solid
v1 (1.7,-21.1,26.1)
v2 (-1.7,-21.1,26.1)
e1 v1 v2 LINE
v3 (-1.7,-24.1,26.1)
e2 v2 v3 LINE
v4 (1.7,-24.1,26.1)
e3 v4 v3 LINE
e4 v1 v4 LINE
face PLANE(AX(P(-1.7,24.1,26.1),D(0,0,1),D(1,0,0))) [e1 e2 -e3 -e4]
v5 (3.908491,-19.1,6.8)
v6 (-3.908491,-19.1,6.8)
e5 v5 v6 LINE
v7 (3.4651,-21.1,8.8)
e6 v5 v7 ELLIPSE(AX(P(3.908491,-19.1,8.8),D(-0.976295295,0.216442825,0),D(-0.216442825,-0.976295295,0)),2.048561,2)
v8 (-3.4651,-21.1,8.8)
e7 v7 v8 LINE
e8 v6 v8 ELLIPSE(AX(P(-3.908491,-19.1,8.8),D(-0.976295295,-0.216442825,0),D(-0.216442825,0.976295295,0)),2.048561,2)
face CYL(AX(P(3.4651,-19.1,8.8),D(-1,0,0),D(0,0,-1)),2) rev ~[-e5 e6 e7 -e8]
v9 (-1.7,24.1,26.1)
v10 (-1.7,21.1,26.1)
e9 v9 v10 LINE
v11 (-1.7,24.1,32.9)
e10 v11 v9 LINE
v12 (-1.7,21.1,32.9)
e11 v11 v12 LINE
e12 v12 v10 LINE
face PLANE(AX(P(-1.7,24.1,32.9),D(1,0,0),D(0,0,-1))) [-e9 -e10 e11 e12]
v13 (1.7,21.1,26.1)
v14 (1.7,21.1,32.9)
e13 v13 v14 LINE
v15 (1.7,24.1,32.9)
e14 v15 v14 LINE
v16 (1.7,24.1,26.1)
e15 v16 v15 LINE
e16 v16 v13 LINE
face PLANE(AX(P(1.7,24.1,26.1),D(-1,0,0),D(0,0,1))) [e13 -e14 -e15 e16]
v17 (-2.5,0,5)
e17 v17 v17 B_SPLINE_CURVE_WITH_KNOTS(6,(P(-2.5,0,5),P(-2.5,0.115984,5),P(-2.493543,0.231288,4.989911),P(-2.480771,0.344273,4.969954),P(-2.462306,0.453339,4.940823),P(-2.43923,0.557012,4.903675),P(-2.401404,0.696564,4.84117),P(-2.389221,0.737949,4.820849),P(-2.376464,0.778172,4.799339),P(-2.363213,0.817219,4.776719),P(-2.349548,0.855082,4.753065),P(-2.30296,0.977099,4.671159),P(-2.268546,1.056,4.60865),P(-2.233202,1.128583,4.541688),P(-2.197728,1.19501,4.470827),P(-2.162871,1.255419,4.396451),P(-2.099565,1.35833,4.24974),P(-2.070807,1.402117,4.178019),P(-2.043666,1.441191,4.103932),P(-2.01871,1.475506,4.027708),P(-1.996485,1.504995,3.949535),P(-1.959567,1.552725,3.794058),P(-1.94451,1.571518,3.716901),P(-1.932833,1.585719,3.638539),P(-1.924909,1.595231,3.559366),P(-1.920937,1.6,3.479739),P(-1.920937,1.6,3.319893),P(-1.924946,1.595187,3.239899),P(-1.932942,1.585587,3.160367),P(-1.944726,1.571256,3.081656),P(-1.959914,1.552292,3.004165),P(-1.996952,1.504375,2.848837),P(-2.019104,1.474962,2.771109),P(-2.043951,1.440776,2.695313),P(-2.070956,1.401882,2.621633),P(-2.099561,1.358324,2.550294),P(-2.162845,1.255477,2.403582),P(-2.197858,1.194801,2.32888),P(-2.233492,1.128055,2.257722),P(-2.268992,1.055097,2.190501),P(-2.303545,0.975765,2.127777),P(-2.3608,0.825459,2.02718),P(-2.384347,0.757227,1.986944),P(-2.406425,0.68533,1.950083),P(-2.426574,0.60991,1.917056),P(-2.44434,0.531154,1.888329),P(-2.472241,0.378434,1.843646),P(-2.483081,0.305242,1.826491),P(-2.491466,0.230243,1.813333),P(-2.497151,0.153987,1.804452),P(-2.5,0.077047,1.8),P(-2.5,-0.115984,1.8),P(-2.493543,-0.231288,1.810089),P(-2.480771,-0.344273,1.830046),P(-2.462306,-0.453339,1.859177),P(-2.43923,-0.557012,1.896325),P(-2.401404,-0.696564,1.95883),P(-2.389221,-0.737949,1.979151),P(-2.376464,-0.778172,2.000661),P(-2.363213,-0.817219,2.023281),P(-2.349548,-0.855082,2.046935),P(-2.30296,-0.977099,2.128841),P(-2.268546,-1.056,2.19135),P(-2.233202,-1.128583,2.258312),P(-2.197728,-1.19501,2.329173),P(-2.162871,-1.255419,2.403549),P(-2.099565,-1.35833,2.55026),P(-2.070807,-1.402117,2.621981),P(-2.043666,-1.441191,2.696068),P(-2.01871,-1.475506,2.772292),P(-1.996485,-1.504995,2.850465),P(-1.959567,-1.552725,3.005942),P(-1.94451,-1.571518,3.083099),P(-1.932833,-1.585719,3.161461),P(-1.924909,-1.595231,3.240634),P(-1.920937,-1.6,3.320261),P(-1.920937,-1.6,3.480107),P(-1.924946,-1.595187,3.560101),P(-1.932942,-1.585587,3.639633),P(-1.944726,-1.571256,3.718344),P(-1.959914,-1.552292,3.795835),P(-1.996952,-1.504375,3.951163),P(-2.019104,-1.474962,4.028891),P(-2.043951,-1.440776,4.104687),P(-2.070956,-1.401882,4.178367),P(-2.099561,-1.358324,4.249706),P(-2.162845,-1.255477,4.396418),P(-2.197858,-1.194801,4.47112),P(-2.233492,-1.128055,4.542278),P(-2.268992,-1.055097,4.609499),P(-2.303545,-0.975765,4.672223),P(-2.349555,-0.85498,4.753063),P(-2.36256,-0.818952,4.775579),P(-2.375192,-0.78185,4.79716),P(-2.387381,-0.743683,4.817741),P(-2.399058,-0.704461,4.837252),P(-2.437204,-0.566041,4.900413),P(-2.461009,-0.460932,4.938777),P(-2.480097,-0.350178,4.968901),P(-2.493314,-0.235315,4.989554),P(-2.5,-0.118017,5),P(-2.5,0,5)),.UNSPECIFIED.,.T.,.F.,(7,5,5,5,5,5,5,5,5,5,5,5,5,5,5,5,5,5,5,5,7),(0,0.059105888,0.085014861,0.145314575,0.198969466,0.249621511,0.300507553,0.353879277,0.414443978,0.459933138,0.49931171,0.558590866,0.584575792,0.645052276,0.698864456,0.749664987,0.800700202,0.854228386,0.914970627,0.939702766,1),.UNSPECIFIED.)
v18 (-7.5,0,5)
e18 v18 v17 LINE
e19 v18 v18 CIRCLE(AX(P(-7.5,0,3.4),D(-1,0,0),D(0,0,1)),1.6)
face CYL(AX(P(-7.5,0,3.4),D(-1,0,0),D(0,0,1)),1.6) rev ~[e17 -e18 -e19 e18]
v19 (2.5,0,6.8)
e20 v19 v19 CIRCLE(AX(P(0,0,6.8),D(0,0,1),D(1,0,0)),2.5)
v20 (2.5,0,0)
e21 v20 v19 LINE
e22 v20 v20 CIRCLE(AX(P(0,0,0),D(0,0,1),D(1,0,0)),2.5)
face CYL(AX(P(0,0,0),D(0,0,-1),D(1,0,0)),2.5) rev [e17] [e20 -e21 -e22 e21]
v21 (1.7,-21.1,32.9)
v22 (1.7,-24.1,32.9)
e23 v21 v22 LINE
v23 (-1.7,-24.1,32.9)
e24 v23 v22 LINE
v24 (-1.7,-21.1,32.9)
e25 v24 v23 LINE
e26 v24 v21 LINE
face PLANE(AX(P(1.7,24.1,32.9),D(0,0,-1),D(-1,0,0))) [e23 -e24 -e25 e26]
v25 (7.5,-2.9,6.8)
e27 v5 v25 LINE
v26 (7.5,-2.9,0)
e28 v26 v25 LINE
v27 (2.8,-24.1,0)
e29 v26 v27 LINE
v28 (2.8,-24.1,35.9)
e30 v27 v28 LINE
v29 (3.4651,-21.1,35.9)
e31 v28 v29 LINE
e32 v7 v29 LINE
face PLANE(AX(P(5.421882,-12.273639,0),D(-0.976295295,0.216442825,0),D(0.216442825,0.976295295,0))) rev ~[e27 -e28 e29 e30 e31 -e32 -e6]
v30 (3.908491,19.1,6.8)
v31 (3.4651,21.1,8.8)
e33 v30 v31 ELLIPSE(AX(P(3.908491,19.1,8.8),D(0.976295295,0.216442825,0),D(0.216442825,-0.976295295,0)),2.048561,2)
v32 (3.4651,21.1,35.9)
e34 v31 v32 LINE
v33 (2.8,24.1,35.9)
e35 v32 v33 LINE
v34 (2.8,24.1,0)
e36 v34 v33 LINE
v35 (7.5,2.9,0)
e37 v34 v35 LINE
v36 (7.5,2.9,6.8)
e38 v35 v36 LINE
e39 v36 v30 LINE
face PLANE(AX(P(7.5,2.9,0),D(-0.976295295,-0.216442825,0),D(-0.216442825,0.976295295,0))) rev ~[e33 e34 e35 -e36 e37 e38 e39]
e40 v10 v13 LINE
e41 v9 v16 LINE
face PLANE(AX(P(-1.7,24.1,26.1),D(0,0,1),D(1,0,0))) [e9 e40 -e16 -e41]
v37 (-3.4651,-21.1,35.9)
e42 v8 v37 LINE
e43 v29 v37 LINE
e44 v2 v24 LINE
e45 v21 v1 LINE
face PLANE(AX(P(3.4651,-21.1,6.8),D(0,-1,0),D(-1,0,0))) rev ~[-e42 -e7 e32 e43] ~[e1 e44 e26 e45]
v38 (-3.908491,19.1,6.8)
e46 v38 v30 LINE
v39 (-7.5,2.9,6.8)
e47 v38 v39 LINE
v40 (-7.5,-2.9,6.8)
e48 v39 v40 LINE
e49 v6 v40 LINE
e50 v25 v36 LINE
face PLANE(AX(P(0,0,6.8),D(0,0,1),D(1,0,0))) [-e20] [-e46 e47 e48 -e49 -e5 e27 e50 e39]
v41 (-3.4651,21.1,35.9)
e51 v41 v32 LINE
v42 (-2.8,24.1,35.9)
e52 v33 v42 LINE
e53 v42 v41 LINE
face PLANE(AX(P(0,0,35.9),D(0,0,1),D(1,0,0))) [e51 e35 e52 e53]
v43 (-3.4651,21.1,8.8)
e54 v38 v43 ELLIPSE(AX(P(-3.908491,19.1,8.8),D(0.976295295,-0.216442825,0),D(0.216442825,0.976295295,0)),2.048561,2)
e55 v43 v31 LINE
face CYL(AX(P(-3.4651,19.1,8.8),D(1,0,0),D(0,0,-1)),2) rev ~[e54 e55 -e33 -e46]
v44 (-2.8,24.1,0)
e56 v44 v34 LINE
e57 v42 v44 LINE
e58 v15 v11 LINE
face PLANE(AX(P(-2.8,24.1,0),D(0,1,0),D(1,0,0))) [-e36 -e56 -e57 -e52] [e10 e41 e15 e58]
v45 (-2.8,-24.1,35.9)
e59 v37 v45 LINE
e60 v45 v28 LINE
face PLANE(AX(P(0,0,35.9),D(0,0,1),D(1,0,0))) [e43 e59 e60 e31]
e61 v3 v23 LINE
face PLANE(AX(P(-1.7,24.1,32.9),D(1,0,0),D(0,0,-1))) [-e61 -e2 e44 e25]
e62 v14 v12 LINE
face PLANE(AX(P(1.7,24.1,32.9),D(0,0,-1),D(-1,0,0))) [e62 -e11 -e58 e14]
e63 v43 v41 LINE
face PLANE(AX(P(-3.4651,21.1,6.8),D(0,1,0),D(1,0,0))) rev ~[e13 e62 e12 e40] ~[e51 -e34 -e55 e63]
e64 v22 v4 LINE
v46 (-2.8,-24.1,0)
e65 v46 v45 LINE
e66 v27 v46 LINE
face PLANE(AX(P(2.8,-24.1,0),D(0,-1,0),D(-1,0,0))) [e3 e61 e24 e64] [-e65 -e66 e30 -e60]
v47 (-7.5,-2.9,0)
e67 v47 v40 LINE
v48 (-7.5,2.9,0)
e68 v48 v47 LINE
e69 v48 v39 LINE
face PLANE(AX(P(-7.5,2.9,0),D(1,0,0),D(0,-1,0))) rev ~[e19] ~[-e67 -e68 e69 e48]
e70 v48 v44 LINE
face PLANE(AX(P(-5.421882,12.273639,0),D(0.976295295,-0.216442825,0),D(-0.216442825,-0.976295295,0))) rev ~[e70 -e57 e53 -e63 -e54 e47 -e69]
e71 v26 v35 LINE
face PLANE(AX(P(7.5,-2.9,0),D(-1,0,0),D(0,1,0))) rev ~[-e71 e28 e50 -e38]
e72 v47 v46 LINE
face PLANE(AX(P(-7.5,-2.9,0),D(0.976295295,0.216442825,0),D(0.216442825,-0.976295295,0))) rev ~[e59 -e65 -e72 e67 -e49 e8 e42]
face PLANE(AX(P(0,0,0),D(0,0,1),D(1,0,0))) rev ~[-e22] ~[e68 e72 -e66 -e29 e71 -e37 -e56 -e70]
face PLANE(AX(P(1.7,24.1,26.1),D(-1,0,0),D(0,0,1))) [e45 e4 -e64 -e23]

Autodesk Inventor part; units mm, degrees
ref_plane "YZ Plane" through (0, 0, 0) normal (1, 0, 0) x (0, 1, 0)
ref_plane "XZ Plane" through (0, 0, 0) normal (0, 1, 0) x (-1, 0, 0)
ref_plane "XY Plane" through (0, 0, 0) normal (0, 0, 1) x (1, 0, 0)
sketch "Sketch1" plane through (0, 0, 0) normal (0, 0, 1) x (1, 0, 0)
  arc A0 (-9.2513, -12.8456) -> (-7.7191, -13.7193) centre (-8.2517, -12.873) ccw projected
  line L0 (-7.7191, -13.7193) -> (-1.0653, -9.532) projected
  arc A1 (1.0653, -9.532) -> (-1.0653, -9.532) centre (0, -11.2247) ccw projected
  line L1 (1.0653, -9.532) -> (7.7191, -13.7193) projected
  arc A2 (7.7191, -13.7193) -> (9.2513, -12.8456) centre (8.2517, -12.873) ccw projected
  arc A3 (12.8456, -9.2513) -> (9.2513, -12.8456) centre (12.75, -12.75) ccw projected
  arc A4 (12.8456, -9.2513) -> (13.7193, -7.7191) centre (12.873, -8.2517) ccw projected
  line L2 (13.7193, -7.7191) -> (9.532, -1.0653) projected
  arc A5 (9.532, 1.0653) -> (9.532, -1.0653) centre (11.2247, 0) ccw projected
  line L3 (9.532, 1.0653) -> (13.7385, 7.7495) projected
  line L4 (7.7677, 13.7499) -> (1.0653, 9.532) projected
  arc A6 (-1.0653, 9.532) -> (1.0653, 9.532) centre (0, 11.2247) ccw projected
  line L5 (-1.0653, 9.532) -> (-7.7191, 13.7193) projected
  arc A7 (-7.7191, 13.7193) -> (-9.2513, 12.8456) centre (-8.2517, 12.873) ccw projected
  arc A8 (-12.8456, 9.2513) -> (-9.2513, 12.8456) centre (-12.75, 12.75) ccw projected
  arc A9 (-12.8456, 9.2513) -> (-13.7193, 7.7191) centre (-12.873, 8.2517) ccw projected
  line L6 (-13.7193, 7.7191) -> (-9.532, 1.0653) projected
  arc A10 (-9.532, -1.0653) -> (-9.532, 1.0653) centre (-11.2247, 0) ccw projected
  line L7 (-9.532, -1.0653) -> (-13.7193, -7.7191) projected
  arc A11 (-13.7193, -7.7191) -> (-12.8456, -9.2513) centre (-12.873, -8.2517) ccw projected
  arc A12 (-9.2513, -12.8456) -> (-12.8456, -9.2513) centre (-12.75, -12.75) ccw projected
  circle A13 centre (0, 0) radius 2.5 projected
  circle A14 centre (0, 0) radius 2 projected
  circle A15 centre (0, 0) radius 2.1
  line L8 (2.8, -24.1) -> (-2.8, -24.1)
  line L9 (-2.8, 24.1) -> (2.8, 24.1)
  line L10 (2.8, -24.1) -> (7.5, -2.9)
  line L11 (7.5, 2.9) -> (2.8, 24.1)
  line L12 (-2.8, 24.1) -> (-7.5, 2.9)
  line L13 (-7.5, -2.9) -> (-2.8, -24.1)
  line L14 (7.5, -2.9) -> (7.5, 2.9)
  line L15 (-7.5, 2.9) -> (-7.5, -2.9)
  line L16 (7.5, -2.9) -> (-7.5, -2.9) construction
  line L17 (-7.5, 2.9) -> (7.5, 2.9) construction
  line L18 (2.8, -24.1) -> (2.8, 24.1) construction
  line L19 (-2.8, 24.1) -> (-2.8, -24.1) construction
  line L20 (7.5, 0) -> (0, 0) construction
  line L21 (0, 0) -> (-7.5, 0) construction
  line L22 (-2.5, -2.9) -> (-2.5, 2.9) construction
  arc A16 (9.3, 12.8764) -> (7.7677, 13.7499) centre (8.3003, 12.9036) ccw projected
  arc A17 (13.7385, 7.7495) -> (12.8714, 9.2819) centre (12.8922, 8.2822) ccw projected
  arc A18 (9.3, 12.8764) -> (12.8714, 9.2819) centre (12.7987, 12.7812) ccw projected
  dimension "d0" = 0.1
  dimension "d5" = 48.2
  dimension "d6" = 5.6
  dimension "d7" = 5
  dimension "d8" = 5.8
extrude "Extrusion1" add sketch "Sketch1" along normal blind 6.8 contours L13 L15 L12 L5 A6 L4 L11 L14 L10 L1 A1 L0 | L0 A1 L1 L10 L8 L13 | L12 L9 L11 L4 A6 L5
sketch "Sketch2" plane through (-7.5, -2.9, 0) normal (-1, 0, 0) x (0, 0, 1)
  line L0 (0, 5.8) -> (0, 0) projected
  line L1 (0, 0) -> (6.8, 0) projected
  line L2 (6.8, 5.8) -> (6.8, 0) projected
  line L3 (0, 5.8) -> (6.8, 5.8) projected
  circle A0 centre (3.4, 2.9) radius 1.6
  point P0 (0, 2.9)
  dimension "d9" = 3.2
extrude "Extrusion2" cut sketch "Sketch2" against normal blind 7.4875 contours A0
sketch "Sketch3" plane through (0, 0, 6.8) normal (0, 0, 1) x (1, 0, 0)
  line L0 (7.5, 2.9) -> (2.8, 24.1) projected
  line L1 (2.8, 24.1) -> (-2.8, 24.1) projected
  line L2 (-2.8, 24.1) -> (-7.5, 2.9) projected
  line L3 (-7.5, 2.9) -> (-7.5, -2.9) projected
  line L4 (-7.5, -2.9) -> (-2.8, -24.1) projected
  line L5 (-2.8, -24.1) -> (2.8, -24.1) projected
  line L6 (2.8, -24.1) -> (7.5, -2.9) projected
  line L7 (7.5, -2.9) -> (7.5, 2.9) projected
  circle A0 centre (0, 0) radius 2.5 projected
  line L8 (3.4651, -21.1) -> (-3.4651, -21.1)
  line L9 (-3.4651, 21.1) -> (3.4651, 21.1)
  point P0 (0, 0)
  dimension "d19" = 3
  dimension "d20" = 3
extrude "Extrusion3" add sketch "Sketch3" along normal blind 29.1 contours L9 L2 L1 L0 | L6 L5 L4 L8
sketch "Sketch4" plane through (-2.8, 24.1, 0) normal (0, 1, 0) x (1, 0, 0)
  line L0 (5.6, 0) -> (0, 0) construction
  line L1 (0, 0) -> (0, -35.9) construction
  line L2 (5.6, 0) -> (5.6, -35.9) construction
  line L3 (5.6, -35.9) -> (0, -35.9) projected
  line L4 (6.2651, -35.9) -> (-0.6651, -35.9) construction
  line L5 (2.8, -35.9) -> (2.8, 0) construction
  line L6 (5.6, -32.9) -> (0, -32.9) construction
  line L7 (4.5, -32.9) -> (1.1, -32.9)
  line L8 (1.1, -32.9) -> (1.1, -26.1)
  line L9 (1.1, -26.1) -> (4.5, -26.1)
  line L10 (4.5, -26.1) -> (4.5, -32.9)
  dimension "d23" = 3
  dimension "d25" = 3.4
  dimension "d26" = 6.8
extrude "Extrusion4" cut sketch "Sketch4" against normal through all
fillet "Fillet1" radius 2 2 edges at (0, -21.1, 6.8) (0, 21.1, 6.8)
equation "\"d20\" = d19"
equation "\"d26\" = 2 * d25"
properties part number "TurretPressFit"
